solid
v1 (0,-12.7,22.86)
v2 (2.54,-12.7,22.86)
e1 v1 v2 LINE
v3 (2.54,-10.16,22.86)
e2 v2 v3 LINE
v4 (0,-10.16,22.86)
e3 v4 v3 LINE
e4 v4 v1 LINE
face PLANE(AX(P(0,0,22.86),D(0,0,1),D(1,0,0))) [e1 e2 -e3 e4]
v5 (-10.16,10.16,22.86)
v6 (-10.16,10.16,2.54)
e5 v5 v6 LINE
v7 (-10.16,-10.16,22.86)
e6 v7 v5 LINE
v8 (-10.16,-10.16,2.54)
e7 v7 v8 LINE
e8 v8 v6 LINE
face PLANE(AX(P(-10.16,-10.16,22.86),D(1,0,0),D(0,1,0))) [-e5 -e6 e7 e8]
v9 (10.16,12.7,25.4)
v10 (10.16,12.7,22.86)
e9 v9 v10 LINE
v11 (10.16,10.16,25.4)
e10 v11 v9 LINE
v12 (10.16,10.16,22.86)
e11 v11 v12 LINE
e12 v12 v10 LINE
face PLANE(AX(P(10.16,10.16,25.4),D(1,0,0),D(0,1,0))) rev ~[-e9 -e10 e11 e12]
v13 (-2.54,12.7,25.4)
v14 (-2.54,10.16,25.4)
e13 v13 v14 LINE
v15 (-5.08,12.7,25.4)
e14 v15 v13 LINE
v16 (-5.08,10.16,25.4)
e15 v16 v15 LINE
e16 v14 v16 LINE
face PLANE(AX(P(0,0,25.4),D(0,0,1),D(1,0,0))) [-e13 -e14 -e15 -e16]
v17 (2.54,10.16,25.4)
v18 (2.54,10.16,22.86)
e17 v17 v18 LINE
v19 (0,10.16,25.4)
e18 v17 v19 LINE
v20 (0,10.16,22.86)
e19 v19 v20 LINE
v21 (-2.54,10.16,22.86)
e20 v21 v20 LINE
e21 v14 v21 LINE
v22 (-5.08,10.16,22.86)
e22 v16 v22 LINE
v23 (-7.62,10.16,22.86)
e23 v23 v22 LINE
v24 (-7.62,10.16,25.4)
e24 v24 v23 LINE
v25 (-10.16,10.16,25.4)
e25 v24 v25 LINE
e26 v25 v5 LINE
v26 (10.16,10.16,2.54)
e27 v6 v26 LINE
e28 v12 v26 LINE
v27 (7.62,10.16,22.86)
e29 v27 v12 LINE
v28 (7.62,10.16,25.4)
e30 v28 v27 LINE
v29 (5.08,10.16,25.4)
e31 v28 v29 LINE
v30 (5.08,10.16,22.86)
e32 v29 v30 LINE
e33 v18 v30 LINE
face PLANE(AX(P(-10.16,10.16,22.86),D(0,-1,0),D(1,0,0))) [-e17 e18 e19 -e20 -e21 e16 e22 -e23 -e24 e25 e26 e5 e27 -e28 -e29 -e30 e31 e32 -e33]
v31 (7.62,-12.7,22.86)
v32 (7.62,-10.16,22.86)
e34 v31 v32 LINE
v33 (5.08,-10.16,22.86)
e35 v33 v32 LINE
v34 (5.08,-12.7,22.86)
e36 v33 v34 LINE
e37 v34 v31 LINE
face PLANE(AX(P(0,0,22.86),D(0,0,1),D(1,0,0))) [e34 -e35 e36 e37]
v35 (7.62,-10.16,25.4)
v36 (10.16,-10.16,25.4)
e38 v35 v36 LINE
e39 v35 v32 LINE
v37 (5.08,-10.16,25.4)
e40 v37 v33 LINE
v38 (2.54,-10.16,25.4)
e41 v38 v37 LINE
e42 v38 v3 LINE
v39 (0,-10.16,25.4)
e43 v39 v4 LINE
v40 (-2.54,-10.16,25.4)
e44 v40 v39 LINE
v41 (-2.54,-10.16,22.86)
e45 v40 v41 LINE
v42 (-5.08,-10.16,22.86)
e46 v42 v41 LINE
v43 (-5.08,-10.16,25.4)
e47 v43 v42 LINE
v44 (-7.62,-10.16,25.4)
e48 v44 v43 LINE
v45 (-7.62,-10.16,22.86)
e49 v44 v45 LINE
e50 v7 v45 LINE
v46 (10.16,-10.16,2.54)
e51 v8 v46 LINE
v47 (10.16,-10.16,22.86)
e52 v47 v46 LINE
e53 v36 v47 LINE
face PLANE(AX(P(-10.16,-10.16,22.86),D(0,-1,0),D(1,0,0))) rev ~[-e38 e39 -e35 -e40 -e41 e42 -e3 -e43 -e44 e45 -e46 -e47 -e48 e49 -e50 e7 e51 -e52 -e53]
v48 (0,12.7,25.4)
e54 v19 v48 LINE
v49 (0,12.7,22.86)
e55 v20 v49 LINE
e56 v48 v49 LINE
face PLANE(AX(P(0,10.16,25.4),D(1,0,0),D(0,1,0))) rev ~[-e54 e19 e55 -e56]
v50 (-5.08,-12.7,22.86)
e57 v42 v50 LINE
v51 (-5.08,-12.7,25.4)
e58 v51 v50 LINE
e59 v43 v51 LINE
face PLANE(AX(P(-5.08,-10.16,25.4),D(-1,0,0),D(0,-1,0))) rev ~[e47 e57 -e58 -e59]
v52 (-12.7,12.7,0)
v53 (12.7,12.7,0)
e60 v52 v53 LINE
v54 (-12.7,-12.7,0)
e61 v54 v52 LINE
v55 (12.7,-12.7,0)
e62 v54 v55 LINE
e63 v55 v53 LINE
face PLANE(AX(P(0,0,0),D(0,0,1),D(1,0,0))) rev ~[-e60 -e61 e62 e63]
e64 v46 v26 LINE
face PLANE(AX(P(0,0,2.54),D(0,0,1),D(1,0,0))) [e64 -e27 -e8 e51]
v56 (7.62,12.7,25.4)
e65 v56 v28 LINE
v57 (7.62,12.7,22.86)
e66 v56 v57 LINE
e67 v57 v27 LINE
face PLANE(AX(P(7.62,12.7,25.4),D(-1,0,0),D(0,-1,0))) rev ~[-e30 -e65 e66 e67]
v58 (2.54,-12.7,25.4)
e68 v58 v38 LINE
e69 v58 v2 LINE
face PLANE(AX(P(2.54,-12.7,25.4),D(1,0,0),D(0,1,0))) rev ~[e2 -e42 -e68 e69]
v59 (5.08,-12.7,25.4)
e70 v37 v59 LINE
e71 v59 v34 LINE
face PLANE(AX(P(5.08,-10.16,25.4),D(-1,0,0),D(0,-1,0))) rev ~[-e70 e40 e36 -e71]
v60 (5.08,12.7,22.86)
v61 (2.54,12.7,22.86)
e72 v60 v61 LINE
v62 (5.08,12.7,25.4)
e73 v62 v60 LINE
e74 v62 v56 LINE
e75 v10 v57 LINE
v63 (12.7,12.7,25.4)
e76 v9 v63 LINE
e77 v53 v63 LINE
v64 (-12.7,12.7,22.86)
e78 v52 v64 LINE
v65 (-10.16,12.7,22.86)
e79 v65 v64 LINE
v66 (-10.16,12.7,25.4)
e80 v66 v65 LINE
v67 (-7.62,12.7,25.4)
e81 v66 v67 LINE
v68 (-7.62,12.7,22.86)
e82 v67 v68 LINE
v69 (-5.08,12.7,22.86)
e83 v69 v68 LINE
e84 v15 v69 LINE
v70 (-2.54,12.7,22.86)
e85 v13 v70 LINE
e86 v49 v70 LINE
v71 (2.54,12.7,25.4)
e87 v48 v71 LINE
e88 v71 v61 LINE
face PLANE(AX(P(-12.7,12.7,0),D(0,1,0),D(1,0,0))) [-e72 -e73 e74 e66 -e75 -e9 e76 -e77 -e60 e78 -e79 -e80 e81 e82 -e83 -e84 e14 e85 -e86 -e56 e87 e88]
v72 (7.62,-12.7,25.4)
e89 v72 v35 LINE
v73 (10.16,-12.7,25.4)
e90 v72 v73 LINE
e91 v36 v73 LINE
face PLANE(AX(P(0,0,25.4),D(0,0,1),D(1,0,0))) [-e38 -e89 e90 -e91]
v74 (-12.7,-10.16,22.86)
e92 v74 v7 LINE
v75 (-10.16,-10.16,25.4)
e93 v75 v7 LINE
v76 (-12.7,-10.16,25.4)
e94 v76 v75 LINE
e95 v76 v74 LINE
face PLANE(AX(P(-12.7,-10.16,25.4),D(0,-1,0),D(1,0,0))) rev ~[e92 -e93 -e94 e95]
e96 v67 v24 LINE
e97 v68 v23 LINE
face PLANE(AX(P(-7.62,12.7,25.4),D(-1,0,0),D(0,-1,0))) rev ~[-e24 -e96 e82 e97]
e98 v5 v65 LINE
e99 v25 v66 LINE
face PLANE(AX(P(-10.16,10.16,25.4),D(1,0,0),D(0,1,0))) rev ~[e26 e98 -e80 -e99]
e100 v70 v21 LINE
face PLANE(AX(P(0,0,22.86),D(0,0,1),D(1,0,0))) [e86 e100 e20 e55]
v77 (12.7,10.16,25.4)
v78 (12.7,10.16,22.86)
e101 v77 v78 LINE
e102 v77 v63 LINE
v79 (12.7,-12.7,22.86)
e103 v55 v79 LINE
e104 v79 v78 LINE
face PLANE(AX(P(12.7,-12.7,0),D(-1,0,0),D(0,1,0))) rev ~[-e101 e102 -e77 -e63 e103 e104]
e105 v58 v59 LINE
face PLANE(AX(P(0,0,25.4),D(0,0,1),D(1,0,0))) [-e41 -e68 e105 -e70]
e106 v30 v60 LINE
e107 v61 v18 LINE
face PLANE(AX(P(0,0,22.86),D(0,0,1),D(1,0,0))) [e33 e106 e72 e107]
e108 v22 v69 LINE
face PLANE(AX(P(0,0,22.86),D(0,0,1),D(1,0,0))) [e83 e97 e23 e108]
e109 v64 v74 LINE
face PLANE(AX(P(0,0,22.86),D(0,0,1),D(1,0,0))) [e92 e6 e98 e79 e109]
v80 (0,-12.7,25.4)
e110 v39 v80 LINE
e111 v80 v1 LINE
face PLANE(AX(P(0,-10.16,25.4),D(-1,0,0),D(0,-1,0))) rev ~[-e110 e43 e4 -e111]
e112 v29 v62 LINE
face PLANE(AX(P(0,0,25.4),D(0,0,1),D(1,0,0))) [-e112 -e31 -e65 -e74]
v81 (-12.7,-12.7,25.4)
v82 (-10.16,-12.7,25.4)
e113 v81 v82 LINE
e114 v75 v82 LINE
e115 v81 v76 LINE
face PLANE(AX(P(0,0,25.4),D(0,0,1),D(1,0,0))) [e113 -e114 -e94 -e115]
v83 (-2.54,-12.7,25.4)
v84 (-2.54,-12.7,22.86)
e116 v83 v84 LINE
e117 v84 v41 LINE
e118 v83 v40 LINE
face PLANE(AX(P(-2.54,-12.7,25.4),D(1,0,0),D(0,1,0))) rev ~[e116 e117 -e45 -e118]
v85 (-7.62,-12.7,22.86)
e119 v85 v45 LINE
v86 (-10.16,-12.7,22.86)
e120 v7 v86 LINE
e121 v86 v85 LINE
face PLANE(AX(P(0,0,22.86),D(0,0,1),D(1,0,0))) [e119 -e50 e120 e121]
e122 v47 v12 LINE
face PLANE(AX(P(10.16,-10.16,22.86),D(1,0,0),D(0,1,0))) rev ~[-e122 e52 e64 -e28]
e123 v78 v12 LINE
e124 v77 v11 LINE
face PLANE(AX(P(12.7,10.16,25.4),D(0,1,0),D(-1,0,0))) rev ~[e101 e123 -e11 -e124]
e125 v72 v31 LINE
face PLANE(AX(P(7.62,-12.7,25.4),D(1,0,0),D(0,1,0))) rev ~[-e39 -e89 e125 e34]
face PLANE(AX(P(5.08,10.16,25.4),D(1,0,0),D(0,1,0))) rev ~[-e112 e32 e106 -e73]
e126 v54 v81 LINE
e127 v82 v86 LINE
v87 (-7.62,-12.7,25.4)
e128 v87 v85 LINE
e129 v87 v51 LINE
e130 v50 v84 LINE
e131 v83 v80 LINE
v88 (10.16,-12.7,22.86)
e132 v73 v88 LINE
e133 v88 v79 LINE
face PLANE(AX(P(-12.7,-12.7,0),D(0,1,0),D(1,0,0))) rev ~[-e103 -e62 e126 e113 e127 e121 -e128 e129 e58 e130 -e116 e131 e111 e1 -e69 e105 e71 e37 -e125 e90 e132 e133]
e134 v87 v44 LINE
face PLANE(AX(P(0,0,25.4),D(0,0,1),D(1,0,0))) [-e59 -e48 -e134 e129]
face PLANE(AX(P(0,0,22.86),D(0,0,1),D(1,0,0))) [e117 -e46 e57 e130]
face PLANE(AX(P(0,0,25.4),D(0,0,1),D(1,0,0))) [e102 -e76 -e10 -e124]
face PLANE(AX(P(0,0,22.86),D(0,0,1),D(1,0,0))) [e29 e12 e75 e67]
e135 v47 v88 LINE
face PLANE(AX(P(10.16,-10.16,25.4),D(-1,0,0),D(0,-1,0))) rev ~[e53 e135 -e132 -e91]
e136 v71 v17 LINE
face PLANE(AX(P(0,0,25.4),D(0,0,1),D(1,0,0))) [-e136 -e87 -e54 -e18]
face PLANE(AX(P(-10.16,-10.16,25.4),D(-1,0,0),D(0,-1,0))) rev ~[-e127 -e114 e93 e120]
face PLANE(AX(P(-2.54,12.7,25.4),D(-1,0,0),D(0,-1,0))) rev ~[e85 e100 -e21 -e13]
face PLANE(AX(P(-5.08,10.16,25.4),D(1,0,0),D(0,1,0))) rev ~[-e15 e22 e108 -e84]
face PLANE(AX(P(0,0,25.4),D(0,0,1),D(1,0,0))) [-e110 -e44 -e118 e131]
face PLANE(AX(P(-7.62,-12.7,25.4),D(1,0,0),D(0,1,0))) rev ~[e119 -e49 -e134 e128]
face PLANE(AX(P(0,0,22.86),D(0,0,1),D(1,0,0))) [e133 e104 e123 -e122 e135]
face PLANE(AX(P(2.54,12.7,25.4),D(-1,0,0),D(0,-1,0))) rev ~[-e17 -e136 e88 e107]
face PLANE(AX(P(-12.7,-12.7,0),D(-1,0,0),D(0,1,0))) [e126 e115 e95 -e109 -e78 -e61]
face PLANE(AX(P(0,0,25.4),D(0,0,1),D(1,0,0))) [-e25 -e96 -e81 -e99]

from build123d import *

# Parameters (mm, degrees)
F0_W     = 25.4
F0_H     = 25.4
F1_DEPTH = 25.4
F3_DEPTH = 2.54
F4_W     = 20.32
F4_H     = 20.32
F5_DEPTH = 20.32


with BuildPart() as f1:
    # F0 (on Top) → F1 (new body)
    with BuildSketch(Plane.XY):
        Rectangle(F0_W, F0_H)
    extrude(amount=F1_DEPTH)

    # F2 (on face) → F3 (cut)
    with BuildSketch(Plane.XY.offset(25.4)):
        Polygon((12.7, -10.16), (12.7, 10.16), (10.16, 10.16), (10.16, 12.7), (7.62, 12.7), (7.62, 10.16), (5.08, 10.16), (5.08, 12.7), (2.54, 12.7), (2.54, 10.16), (0, 10.16), (0, 12.7), (-2.54, 12.7), (-2.54, 10.16), (-5.08, 10.16), (-5.08, 12.7), (-7.62, 12.7), (-7.62, 10.16), (-10.16, 10.16), (-10.16, 12.7), (-12.7, 12.7), (-12.7, 10.16), (-12.7, -10.16), (-10.16, -10.16), (-10.16, -12.7), (-7.62, -12.7), (-7.62, -10.16), (-5.08, -10.16), (-5.08, -12.7), (-2.54, -12.7), (-2.54, -10.16), (0, -10.16), (0, -12.7), (2.54, -12.7), (2.54, -10.16), (5.08, -10.16), (5.08, -12.7), (7.62, -12.7), (7.62, -10.16), (10.16, -10.16), (10.16, -12.7), (12.7, -12.7), align=None)
    extrude(amount=-F3_DEPTH, mode=Mode.SUBTRACT)

    # F4 (on face) → F5 (cut)
    with BuildSketch(Plane.XY.offset(22.86)):
        Rectangle(F4_W, F4_H)
    extrude(amount=-F5_DEPTH, mode=Mode.SUBTRACT)


solid = f1.part
